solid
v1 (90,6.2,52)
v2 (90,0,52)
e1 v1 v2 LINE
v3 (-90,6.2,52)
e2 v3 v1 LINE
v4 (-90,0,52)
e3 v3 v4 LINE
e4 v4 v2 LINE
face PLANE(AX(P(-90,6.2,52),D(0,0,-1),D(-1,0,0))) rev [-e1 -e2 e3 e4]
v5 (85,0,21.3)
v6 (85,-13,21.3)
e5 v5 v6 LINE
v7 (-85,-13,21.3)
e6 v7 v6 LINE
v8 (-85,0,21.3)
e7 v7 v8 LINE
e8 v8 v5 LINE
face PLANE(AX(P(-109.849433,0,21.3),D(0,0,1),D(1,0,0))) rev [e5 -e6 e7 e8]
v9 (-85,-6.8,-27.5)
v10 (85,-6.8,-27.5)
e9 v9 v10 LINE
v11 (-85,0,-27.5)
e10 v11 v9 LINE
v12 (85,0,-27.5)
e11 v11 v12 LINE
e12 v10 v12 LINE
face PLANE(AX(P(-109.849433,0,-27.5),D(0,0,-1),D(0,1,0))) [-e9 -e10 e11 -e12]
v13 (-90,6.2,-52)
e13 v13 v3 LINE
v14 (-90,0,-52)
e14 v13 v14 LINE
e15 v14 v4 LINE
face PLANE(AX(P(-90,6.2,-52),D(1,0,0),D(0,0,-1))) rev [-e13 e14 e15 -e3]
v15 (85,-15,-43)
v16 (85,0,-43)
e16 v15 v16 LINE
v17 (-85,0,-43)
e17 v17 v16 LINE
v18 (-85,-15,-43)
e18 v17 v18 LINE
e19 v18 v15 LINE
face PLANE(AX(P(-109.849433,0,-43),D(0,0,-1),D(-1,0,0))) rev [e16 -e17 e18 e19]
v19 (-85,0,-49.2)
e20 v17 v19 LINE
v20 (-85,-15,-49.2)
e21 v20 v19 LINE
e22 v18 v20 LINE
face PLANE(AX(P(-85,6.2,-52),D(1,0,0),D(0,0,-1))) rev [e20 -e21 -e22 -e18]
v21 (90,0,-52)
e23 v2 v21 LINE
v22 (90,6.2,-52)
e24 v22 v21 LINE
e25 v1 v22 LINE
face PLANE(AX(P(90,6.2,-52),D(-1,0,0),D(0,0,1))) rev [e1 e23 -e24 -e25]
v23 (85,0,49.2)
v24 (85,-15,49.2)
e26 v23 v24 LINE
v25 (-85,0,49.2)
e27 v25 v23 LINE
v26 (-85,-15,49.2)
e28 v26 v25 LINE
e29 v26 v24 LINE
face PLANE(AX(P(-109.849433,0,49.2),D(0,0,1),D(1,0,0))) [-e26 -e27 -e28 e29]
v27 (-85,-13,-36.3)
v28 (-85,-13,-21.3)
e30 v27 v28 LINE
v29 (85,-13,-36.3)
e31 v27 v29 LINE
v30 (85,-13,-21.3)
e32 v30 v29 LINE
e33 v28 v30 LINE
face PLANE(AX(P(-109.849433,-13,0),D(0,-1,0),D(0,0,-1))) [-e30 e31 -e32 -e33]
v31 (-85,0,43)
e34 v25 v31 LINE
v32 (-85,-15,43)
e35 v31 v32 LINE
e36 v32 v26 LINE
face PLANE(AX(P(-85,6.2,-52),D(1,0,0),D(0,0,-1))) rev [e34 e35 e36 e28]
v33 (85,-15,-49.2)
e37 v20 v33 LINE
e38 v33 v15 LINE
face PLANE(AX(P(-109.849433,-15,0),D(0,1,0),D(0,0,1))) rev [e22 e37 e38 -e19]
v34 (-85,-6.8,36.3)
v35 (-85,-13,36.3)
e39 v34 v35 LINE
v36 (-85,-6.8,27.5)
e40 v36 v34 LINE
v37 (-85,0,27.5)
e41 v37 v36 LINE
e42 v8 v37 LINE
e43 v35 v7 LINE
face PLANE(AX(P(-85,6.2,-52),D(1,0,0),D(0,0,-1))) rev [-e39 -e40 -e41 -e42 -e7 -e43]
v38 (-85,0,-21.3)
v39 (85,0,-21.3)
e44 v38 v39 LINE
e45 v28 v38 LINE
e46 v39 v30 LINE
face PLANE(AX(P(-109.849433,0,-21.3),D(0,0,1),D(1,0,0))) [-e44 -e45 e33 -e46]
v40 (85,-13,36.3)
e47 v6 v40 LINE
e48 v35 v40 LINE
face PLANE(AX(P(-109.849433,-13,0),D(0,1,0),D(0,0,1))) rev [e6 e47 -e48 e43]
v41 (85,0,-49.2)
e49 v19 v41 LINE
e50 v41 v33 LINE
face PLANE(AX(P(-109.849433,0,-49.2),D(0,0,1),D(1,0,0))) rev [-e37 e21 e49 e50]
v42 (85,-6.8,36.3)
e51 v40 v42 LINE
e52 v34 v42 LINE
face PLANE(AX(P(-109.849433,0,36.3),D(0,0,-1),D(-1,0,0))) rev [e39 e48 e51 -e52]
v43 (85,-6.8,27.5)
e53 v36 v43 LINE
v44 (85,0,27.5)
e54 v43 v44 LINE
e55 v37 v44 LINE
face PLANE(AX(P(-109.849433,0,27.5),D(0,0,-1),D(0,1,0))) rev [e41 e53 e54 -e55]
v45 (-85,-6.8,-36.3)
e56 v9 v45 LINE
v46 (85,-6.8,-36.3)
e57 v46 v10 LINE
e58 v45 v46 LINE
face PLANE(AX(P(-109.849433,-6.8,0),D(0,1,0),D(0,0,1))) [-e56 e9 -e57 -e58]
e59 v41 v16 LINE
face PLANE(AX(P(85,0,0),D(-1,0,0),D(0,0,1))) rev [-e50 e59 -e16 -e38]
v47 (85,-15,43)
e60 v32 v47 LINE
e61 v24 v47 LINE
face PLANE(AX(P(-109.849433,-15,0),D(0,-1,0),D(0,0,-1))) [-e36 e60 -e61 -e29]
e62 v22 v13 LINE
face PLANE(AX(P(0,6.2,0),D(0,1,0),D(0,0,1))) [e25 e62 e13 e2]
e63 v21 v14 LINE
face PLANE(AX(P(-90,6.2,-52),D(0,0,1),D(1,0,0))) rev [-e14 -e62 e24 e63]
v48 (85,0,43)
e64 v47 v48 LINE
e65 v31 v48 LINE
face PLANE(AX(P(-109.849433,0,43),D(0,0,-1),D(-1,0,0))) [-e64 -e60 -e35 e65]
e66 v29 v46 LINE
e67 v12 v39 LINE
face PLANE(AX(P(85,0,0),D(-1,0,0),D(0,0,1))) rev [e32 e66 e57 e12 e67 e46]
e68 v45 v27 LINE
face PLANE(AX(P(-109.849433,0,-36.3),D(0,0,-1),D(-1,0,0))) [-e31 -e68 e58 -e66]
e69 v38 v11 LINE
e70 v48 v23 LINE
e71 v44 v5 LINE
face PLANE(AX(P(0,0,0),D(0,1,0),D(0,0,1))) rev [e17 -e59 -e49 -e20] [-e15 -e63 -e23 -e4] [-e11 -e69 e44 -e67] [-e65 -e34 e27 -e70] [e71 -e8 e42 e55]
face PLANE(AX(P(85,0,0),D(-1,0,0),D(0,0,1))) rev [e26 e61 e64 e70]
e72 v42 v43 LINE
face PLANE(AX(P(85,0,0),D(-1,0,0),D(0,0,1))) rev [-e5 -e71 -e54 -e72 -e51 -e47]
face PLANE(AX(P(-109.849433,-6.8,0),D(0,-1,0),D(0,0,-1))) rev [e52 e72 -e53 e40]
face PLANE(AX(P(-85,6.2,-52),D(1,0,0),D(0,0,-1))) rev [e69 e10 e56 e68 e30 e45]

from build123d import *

# Parameters (mm, degrees)
SKETCH1_W           = 180
SKETCH1_H           = 104
BOSS_EXTRUDE1_DEPTH = 6.2
BOSS_EXTRUDE2_START = 5
SKETCH3_W           = 6.2
SKETCH3_H           = 15
BOSS_EXTRUDE2_DEPTH = 170


with BuildPart() as part:
    # Sketch1 → Boss-Extrude1 (new body)
    with BuildSketch(Plane(origin=(0, 0, 0), x_dir=(1, 0, 0), z_dir=(0, 1, 0))):
        Rectangle(SKETCH1_W, SKETCH1_H)
    extrude(amount=BOSS_EXTRUDE1_DEPTH)

    # Sketch3 → Boss-Extrude2 (add)
    with BuildSketch(Plane.ZY.offset(-90).offset(BOSS_EXTRUDE2_START)):
        with Locations((46.1, -7.5)):
            Rectangle(SKETCH3_W, SKETCH3_H)
        Polygon((36.3, -6.8), (27.5, -6.8), (27.5, 0), (21.3, 0), (21.3, -13), (36.3, -13), align=None)
        Polygon((-21.3, -13), (-21.3, 0), (-27.5, 0), (-27.5, -6.8), (-36.3, -6.8), (-36.3, -13), align=None)
        with Locations((-46.1, -7.5)):
            Rectangle(SKETCH3_W, SKETCH3_H)
    extrude(amount=BOSS_EXTRUDE2_DEPTH)


solid = part.part
